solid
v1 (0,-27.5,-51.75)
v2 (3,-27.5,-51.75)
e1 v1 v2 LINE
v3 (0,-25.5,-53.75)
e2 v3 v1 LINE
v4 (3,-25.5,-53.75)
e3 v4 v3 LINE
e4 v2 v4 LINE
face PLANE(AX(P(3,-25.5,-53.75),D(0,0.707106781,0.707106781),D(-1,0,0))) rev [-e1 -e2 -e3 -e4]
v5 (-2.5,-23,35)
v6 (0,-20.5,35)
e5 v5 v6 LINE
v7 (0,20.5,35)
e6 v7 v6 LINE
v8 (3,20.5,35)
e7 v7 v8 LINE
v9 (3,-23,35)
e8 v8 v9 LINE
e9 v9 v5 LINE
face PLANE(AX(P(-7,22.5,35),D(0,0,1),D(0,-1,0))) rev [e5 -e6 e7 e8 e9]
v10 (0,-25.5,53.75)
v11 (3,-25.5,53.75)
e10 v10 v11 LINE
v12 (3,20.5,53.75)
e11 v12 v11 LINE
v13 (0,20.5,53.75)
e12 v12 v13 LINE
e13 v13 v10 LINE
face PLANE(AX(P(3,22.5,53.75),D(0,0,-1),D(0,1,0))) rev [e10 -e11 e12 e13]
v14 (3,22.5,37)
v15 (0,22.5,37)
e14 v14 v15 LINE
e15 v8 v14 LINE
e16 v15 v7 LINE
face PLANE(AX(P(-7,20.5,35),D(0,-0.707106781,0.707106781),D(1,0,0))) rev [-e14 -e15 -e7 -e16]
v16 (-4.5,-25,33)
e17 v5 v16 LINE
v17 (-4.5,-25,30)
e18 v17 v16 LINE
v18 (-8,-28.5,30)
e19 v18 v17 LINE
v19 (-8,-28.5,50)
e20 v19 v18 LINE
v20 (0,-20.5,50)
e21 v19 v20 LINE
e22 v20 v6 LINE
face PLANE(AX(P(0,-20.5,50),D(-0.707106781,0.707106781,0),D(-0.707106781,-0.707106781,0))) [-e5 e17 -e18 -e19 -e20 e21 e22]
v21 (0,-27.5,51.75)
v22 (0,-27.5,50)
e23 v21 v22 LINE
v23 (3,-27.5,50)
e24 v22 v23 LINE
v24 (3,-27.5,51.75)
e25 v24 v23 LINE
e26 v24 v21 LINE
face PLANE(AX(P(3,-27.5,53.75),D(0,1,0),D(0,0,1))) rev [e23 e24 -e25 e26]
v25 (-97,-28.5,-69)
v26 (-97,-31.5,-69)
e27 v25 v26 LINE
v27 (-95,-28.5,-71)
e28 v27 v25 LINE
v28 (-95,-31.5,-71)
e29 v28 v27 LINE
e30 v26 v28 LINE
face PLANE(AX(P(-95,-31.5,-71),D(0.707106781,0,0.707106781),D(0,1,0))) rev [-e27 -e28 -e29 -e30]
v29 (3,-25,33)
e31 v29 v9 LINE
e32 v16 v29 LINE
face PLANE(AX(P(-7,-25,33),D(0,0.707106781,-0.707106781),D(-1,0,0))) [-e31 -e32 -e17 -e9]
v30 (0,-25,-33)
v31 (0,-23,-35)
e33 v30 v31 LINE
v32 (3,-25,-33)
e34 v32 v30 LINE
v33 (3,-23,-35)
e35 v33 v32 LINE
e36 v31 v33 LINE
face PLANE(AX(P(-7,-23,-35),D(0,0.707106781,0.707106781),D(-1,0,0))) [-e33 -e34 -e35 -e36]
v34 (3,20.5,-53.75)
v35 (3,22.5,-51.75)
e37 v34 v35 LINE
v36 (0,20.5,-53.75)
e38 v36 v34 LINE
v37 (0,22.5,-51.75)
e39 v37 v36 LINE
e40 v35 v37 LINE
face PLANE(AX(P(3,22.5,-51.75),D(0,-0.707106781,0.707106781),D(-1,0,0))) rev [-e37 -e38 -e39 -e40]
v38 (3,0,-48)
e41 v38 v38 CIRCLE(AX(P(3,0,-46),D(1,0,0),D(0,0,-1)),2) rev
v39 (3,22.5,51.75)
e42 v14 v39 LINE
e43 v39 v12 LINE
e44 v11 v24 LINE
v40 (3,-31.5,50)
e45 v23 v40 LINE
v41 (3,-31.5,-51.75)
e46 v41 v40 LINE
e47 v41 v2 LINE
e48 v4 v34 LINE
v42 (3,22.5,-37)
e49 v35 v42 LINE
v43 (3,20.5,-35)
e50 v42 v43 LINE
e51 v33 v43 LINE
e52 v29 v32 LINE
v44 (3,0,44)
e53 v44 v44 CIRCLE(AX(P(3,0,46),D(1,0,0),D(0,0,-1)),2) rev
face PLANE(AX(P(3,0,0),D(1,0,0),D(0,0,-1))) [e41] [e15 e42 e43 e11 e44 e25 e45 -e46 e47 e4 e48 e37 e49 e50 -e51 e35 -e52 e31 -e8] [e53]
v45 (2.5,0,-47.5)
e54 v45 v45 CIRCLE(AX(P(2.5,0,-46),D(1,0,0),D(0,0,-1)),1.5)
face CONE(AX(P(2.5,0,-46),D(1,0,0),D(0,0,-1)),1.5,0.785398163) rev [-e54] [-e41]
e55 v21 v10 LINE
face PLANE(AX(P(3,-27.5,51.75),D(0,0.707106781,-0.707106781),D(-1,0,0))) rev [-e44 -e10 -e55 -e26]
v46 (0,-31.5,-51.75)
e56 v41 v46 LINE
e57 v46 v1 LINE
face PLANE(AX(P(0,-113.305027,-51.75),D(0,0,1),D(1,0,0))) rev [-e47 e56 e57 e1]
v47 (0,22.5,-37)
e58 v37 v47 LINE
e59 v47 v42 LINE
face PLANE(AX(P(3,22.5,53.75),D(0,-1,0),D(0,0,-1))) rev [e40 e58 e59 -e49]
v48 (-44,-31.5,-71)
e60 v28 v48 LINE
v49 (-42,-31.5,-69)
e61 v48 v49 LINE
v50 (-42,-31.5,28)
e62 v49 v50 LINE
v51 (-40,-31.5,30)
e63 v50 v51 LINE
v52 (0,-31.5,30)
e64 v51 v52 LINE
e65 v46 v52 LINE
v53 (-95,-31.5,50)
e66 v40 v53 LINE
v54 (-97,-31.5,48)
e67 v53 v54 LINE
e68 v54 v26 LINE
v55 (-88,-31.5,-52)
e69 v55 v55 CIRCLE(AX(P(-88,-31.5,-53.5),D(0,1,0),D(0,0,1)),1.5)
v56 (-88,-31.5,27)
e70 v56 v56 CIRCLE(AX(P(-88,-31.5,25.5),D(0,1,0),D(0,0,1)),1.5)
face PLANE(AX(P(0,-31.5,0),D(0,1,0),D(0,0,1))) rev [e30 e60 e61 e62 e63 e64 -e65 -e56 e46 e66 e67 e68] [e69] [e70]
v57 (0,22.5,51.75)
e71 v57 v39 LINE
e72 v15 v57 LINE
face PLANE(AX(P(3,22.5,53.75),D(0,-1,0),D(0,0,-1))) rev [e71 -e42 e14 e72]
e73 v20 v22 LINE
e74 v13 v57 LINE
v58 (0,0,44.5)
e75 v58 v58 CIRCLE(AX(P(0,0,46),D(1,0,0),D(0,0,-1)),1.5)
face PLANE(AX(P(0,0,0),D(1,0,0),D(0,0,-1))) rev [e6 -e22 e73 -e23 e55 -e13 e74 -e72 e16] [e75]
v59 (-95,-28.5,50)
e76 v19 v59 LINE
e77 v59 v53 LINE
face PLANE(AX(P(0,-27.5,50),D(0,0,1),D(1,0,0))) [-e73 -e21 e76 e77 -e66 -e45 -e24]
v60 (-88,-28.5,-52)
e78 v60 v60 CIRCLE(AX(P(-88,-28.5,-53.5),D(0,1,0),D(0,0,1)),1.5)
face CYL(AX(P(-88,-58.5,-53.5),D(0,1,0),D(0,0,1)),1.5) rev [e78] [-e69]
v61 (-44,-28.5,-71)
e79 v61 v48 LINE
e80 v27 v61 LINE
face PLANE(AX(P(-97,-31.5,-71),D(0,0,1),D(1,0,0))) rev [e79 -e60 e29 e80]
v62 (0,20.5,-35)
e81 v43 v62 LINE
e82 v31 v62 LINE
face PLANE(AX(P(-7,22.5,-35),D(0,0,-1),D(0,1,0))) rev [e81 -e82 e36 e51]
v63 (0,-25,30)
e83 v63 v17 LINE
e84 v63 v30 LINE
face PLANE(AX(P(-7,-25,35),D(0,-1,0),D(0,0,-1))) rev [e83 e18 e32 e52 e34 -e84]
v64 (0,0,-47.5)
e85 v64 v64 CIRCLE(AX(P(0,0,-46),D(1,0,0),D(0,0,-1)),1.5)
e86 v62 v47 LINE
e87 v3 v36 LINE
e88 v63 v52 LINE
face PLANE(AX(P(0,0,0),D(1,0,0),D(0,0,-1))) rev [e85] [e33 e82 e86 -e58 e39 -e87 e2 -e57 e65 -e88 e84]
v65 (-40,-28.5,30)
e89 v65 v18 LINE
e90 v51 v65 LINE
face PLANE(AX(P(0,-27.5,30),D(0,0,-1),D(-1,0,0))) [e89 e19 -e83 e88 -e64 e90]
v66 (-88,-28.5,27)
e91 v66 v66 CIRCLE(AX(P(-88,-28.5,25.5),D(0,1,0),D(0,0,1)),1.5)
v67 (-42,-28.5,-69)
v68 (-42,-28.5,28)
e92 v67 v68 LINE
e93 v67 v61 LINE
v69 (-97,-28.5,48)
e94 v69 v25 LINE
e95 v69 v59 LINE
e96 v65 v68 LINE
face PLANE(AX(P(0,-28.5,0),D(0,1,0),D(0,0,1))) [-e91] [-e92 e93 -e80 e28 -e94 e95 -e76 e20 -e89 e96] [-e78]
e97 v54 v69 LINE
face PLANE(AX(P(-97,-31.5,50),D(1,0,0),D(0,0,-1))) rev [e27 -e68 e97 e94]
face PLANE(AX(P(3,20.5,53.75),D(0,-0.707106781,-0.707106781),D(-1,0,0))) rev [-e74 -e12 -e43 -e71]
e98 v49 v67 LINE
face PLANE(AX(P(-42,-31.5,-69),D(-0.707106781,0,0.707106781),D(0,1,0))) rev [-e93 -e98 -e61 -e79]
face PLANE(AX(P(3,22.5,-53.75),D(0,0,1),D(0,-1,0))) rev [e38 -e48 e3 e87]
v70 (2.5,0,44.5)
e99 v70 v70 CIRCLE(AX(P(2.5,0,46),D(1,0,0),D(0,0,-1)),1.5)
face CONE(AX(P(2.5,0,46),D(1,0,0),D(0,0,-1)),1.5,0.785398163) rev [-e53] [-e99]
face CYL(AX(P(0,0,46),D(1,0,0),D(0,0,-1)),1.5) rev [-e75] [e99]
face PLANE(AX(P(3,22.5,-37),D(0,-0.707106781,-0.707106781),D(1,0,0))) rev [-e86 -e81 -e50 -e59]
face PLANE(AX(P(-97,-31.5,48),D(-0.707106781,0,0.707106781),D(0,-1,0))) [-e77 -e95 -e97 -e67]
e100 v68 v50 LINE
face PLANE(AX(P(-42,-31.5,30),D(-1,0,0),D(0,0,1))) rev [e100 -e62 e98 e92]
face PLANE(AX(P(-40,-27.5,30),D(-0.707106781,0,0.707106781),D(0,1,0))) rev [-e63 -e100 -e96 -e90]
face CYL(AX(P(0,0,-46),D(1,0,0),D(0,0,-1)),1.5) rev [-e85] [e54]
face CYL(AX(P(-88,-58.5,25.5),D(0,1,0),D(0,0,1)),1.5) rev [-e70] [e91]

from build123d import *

# Parameters (mm, degrees)
SKETCH_1_W               = 107.5
SKETCH_1_H               = 50
EXTRUDE_1_DEPTH          = 3
CHAMFER_1_SIZE           = 2
CUT_EXTRUDE_1_DEPTH      = 61.450909836
CUT_EXTRUDE_1_DEPTH_BACK = 61.450909836
SKETCH_3_R               = 1.5
CHAMFER_2_SIZE           = 0.5
SKETCH_4_W               = 20
SKETCH_4_H               = 1
EXTRUDE_2_DEPTH          = 3
EXTRUDE_3_DEPTH          = 3
EXTRUDE_4_DEPTH          = 20
SKETCH_7_R               = 1.5
CUT_EXTRUDE_2_DEPTH      = 30
SKETCH_8_W               = 70
SKETCH_8_H               = 47.5
CUT_EXTRUDE_3_DEPTH      = 10
CHAMFER_5_SIZE           = 2
CHAMFER_6_SIZE           = 2
CHAMFER_7_SIZE           = 2
SKETCH_9_W               = 3
SKETCH_9_H               = 81.75
EXTRUDE_5_DEPTH          = 4


with BuildPart() as part:
    # 草图1 → 凸台-拉伸1 (new body)
    with BuildSketch(Plane(origin=(0, 0, 0), x_dir=(0, 0, -1), z_dir=(1, 0, 0))):
        with Locations((0, -2.5)):
            Rectangle(SKETCH_1_W, SKETCH_1_H)
    extrude(amount=EXTRUDE_1_DEPTH)

    # 倒角1
    chamfer_1_edges = [part.edges().sort_by_distance(p)[0] for p in [
        (1.5, 22.5, 53.75),
        (1.5, 22.5, -53.75),
        (1.5, -27.5, -53.75),
        (1.5, -27.5, 53.75),
    ]]
    chamfer(chamfer_1_edges, length=CHAMFER_1_SIZE)

    # 草图3 → 切除-拉伸1 (cut, two sides: drawn at the far end of the back side and taken through both)
    with BuildSketch(Plane(origin=(3, 0, 0), x_dir=(0, 0, -1), z_dir=(1, 0, 0)).offset(-CUT_EXTRUDE_1_DEPTH_BACK)):
        with Locations((46, 0)):
            Circle(SKETCH_3_R)
        with Locations((-46, 0)):
            Circle(SKETCH_3_R)
    extrude(amount=CUT_EXTRUDE_1_DEPTH + CUT_EXTRUDE_1_DEPTH_BACK, mode=Mode.SUBTRACT)

    # 倒角2
    chamfer_2_edges = [part.edges().sort_by_distance(p)[0] for p in [
        (3, 0, -44.5),
        (3, 0, 47.5),
    ]]
    chamfer(chamfer_2_edges, length=CHAMFER_2_SIZE)


with BuildPart() as body_2:
    # 草图4 → 凸台-拉伸2 (new body)
    with BuildSketch(Plane(origin=(3, 0, 0), x_dir=(0, 0, -1), z_dir=(1, 0, 0))):
        with Locations((-40, -28)):
            Rectangle(SKETCH_4_W, SKETCH_4_H)
    extrude(amount=-EXTRUDE_2_DEPTH)

    # 草图5 → 凸台-拉伸3 (add)
    with BuildSketch(Plane.XZ.offset(28.5)):
        Polygon((3, 50), (3, 30), (-42, 30), (-42, -71), (-97, -71), (-97, 50), align=None)
    extrude(amount=EXTRUDE_3_DEPTH)

    # 草图6 → 凸台-拉伸4 (add)
    with BuildSketch(Plane(origin=(0, 0, 30), x_dir=(-1, 0, 0), z_dir=(0, 0, -1))):
        Polygon((0, -20.5), (8, -28.5), (0, -28.5), align=None)
    extrude(amount=-EXTRUDE_4_DEPTH)

    # 草图7 → 切除-拉伸2 (cut)
    with BuildSketch(Plane(origin=(0, -28.5, 0), x_dir=(1, 0, 0), z_dir=(0, 1, 0))):
        with Locations(Location((-88, 53.5, 0), (0, 0, 270))):
            Circle(SKETCH_7_R)
        with Locations(Location((-88, -25.5, 0), (0, 0, 270))):
            Circle(SKETCH_7_R)
    extrude(amount=-CUT_EXTRUDE_2_DEPTH, mode=Mode.SUBTRACT)


with BuildPart() as part_1:
    add(part.part)

    # Combine 1: union body 2
    add(body_2.part)

    # 草图8 → 切除-拉伸3 (cut)
    with BuildSketch(Plane(origin=(3, 0, 0), x_dir=(0, 0, -1), z_dir=(1, 0, 0))):
        with Locations((0, -1.25)):
            Rectangle(SKETCH_8_W, SKETCH_8_H)
    extrude(amount=-CUT_EXTRUDE_3_DEPTH, mode=Mode.SUBTRACT)

    # 倒角5
    chamfer_5_edges = [part_1.edges().sort_by_distance(p)[0] for p in [
        (-0.75, -25, 35),
        (1.5, -25, -35),
    ]]
    chamfer(chamfer_5_edges, length=CHAMFER_5_SIZE)

    # 倒角6
    chamfer_6_edges = [part_1.edges().sort_by_distance(p)[0] for p in [
        (1.5, 22.5, 35),
        (1.5, 22.5, -35),
    ]]
    chamfer(chamfer_6_edges, length=CHAMFER_6_SIZE)

    # 倒角7
    chamfer_7_edges = [part_1.edges().sort_by_distance(p)[0] for p in [
        (-42, -30, 30),
        (-97, -30, 50),
        (-97, -30, -71),
        (-42, -30, -71),
    ]]
    chamfer(chamfer_7_edges, length=CHAMFER_7_SIZE)

    # 草图9 → 凸台-拉伸5 (add)
    with BuildSketch(Plane.XZ.offset(27.5)):
        with Locations((1.5, -10.875)):
            Rectangle(SKETCH_9_W, SKETCH_9_H)
    extrude(amount=EXTRUDE_5_DEPTH)


solid = part_1.part
